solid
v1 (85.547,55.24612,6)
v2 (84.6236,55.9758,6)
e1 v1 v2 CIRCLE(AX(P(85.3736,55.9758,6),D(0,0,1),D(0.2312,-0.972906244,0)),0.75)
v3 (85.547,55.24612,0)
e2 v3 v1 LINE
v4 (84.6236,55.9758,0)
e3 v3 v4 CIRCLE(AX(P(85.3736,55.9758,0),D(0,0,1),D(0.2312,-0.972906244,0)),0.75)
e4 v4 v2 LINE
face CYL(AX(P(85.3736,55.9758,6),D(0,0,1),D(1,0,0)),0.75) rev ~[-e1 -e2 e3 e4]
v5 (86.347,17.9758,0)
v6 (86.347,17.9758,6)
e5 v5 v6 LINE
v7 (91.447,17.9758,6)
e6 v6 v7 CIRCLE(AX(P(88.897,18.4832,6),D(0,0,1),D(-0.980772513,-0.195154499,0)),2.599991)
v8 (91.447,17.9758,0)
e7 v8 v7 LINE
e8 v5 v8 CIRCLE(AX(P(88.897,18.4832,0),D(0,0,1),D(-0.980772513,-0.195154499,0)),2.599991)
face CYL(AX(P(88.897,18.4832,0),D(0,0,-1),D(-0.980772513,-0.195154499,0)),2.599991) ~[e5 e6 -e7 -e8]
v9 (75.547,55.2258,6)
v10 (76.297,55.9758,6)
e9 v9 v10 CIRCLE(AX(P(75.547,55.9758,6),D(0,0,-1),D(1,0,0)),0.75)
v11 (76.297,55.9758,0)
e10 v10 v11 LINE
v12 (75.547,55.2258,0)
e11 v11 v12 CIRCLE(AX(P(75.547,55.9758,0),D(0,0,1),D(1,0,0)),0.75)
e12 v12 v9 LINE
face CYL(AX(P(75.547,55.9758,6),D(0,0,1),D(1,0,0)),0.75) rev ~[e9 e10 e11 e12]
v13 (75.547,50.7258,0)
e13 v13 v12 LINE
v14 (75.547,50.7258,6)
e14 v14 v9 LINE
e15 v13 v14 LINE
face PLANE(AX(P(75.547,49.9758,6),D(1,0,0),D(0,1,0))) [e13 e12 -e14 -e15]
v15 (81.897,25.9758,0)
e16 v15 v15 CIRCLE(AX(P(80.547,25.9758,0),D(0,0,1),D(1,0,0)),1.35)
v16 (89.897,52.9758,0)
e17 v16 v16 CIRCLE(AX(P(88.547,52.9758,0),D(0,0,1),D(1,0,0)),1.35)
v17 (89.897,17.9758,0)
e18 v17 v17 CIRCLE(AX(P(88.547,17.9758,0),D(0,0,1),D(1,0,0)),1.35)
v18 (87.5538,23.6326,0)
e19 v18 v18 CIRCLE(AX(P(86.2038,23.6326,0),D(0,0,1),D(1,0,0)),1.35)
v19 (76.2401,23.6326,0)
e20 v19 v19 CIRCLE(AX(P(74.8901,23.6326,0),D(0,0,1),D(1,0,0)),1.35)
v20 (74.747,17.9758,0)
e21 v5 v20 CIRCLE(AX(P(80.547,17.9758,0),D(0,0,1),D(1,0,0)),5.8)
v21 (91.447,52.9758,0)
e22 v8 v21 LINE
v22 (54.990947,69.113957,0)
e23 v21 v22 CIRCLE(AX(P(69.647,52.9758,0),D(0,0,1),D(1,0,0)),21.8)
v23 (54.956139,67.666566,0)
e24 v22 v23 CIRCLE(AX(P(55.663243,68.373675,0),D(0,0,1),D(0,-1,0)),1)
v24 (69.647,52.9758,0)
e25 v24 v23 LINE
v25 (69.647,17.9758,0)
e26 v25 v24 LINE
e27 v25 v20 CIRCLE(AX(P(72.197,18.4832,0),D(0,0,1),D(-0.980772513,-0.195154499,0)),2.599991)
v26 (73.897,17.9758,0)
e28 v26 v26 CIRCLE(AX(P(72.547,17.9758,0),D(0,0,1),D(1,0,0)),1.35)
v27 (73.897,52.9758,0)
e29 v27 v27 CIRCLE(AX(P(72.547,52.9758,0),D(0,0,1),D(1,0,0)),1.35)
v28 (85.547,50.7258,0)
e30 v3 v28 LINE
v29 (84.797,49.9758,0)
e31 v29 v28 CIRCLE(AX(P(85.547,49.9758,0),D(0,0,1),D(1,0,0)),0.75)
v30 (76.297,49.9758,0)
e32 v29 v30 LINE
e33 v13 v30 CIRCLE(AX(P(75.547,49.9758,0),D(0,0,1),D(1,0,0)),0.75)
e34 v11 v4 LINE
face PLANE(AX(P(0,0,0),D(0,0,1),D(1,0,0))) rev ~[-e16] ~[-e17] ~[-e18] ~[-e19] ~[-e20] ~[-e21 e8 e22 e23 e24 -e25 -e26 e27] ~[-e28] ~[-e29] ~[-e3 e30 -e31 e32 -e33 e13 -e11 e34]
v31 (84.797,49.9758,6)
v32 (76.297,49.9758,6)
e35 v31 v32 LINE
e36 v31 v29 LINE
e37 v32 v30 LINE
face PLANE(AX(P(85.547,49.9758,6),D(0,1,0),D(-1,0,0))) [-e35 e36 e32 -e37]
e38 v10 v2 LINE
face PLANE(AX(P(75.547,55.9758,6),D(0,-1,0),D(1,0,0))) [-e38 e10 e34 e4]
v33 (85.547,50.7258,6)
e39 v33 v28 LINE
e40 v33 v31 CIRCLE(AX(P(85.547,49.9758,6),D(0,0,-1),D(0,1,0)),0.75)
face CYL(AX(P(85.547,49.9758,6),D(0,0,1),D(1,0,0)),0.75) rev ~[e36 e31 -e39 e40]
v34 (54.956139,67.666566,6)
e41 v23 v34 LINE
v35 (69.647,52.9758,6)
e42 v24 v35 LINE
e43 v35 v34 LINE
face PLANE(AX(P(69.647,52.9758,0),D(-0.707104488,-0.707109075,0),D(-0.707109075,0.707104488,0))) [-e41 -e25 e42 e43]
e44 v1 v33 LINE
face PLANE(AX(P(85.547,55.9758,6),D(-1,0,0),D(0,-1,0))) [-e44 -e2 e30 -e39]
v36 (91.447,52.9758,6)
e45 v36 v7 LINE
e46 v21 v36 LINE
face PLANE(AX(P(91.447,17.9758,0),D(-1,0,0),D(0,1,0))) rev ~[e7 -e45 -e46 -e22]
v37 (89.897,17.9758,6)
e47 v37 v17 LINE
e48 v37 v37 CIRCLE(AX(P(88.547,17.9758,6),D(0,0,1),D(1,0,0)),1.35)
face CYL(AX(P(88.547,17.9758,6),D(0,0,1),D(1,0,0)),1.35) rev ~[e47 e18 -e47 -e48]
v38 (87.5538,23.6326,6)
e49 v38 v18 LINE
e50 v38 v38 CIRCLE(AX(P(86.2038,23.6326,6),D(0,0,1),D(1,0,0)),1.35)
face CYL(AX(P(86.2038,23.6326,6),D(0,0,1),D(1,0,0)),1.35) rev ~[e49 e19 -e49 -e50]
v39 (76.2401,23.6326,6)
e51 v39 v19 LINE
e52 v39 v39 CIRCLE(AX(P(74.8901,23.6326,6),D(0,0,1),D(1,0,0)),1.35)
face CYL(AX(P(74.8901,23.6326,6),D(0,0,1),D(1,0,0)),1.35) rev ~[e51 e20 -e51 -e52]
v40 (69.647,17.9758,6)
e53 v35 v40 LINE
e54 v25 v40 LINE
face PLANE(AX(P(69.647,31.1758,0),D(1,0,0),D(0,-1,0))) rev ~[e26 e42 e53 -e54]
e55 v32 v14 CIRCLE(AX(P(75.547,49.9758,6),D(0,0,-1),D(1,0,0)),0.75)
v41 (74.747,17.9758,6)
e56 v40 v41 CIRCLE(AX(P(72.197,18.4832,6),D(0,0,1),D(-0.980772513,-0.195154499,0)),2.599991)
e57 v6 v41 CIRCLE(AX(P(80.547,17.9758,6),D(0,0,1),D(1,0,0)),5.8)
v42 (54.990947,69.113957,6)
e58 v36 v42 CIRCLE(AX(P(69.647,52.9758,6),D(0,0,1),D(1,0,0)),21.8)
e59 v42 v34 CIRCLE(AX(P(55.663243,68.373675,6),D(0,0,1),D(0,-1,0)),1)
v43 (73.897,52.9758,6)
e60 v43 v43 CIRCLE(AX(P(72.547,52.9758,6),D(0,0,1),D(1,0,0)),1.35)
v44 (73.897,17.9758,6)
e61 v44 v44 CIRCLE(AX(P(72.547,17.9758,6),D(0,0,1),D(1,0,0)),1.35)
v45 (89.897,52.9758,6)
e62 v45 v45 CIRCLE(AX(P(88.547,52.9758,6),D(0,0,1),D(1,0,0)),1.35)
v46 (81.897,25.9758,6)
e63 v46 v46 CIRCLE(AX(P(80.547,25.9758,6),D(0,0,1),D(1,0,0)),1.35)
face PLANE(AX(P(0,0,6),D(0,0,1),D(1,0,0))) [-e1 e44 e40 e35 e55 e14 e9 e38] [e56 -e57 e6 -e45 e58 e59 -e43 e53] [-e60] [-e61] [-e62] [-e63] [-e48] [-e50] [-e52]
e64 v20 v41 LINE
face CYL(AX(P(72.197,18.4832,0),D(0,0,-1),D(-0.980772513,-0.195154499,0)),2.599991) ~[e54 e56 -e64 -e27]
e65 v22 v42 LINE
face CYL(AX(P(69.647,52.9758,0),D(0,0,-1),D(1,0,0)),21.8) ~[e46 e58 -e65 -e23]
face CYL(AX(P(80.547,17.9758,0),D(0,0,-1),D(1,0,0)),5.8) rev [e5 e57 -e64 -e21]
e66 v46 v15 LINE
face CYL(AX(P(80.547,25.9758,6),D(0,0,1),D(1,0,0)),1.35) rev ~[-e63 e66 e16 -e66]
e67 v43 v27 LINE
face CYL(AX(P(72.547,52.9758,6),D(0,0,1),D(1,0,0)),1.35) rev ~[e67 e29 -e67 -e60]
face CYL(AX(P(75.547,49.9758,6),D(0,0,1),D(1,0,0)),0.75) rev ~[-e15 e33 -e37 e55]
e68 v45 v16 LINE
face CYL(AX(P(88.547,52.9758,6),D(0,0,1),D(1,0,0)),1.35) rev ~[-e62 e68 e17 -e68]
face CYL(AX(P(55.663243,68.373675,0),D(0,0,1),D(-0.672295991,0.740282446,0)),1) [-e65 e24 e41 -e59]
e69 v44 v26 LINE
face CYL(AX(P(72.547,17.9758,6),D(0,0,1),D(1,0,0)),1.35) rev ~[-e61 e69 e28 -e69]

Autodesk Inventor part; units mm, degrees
ref_plane "YZ Plane" through (0, 0, 0) normal (1, 0, 0) x (0, 1, 0)
ref_plane "XZ Plane" through (0, 0, 0) normal (0, 1, 0) x (-1, 0, 0)
ref_plane "XY Plane" through (0, 0, 0) normal (0, 0, 1) x (1, 0, 0)
sketch "스케치1" plane through (0, 0, 0) normal (0, 0, 1) x (1, 0, 0)
  circle A0 centre (88.547, 17.9758) radius 1.2
  circle A1 centre (86.2038, 23.6326) radius 1.2
  circle A2 centre (80.547, 25.9758) radius 1.2
  circle A3 centre (74.8901, 23.6326) radius 1.2
  circle A4 centre (72.547, 17.9758) radius 1.2
  circle A5 centre (80.547, 17.9758) radius 5.8
  arc A6 (69.647, 17.9758) -> (74.747, 17.9758) centre (72.197, 18.4832) ccw
  arc A7 (86.347, 17.9758) -> (91.447, 17.9758) centre (88.897, 18.4832) ccw
  line L0 (69.647, 17.9758) -> (91.447, 17.9758)
  line L1 (91.447, 17.9758) -> (91.447, 37.9758)
  line L2 (91.447, 37.9758) -> (69.647, 37.9758)
  line L3 (69.647, 37.9758) -> (69.647, 17.9758)
  line L4 (69.647, 37.9758) -> (99.4042, 37.9758) construction
  line L5 (69.647, 37.9758) -> (91.447, 37.9758)
  line L6 (91.447, 37.9758) -> (91.447, 52.9758)
  line L7 (91.447, 52.9758) -> (69.647, 52.9758)
  line L8 (69.647, 52.9758) -> (69.647, 37.9758)
  line L9 (69.647, 52.9758) -> (69.647, 52.9758)
  line L10 (91.447, 52.9758) -> (91.447, 52.9758)
  circle A8 centre (69.647, 52.9758) radius 21.8
  line L11 (69.647, 52.9758) -> (54.232, 68.3907)
  point P0 (0, 0)
  point P1 (80.547, 17.9758)
  point P2 (80.547, 17.9758)
  point P3 (69.647, 57.9758)
  point P4 (85.4659, 37.9758)
  point P5 (69.647, 31.1758)
  dimension "d4" = 2.6
  dimension "d5" = 2.6
  dimension "d6" = 20
  dimension "d9" = 15
  dimension "d19" = 0
  dimension "d20" = 0
  dimension "d30" = 135
extrude "돌출1" add sketch "스케치1" along normal blind 6 contours L0 A7 A0 | A0 L0 A5 A4 L3 A8 L2 L1 | L2 A8 L6 | A6 L0 A4 | A8 L3 L2 | L2 L8 L7 A8 | L7 L11 A8
sketch "스케치2" plane through (0, 0, 6) normal (0, 0, 1) x (1, 0, 0)
  arc A0 (69.647, 17.9758) -> (74.747, 17.9758) centre (72.197, 18.4832) ccw projected
  arc A1 (86.347, 17.9758) -> (74.747, 17.9758) centre (80.547, 17.9758) ccw projected
  arc A2 (86.347, 17.9758) -> (91.447, 17.9758) centre (88.897, 18.4832) ccw projected
  circle A3 centre (88.547, 17.9758) radius 1.2 projected
  circle A4 centre (72.547, 17.9758) radius 1.2 projected
  circle A5 centre (80.547, 25.9758) radius 1.2 projected
  circle A6 centre (86.2038, 23.6326) radius 1.2 projected
  circle A7 centre (74.8901, 23.6326) radius 1.2 projected
  circle A8 centre (72.547, 17.9758) radius 1.35
  circle A9 centre (74.8901, 23.6326) radius 1.35
  circle A10 centre (80.547, 25.9758) radius 1.35
  circle A11 centre (86.2038, 23.6326) radius 1.35
  circle A12 centre (88.547, 17.9758) radius 1.35
  arc A13 (91.447, 52.9758) -> (54.232, 68.3907) centre (69.647, 52.9758) ccw projected
  line L0 (69.647, 52.9758) -> (69.647, 17.9758) projected
  line L1 (91.447, 17.9758) -> (91.447, 52.9758) projected
  line L2 (54.232, 68.3907) -> (69.647, 52.9758) projected
  point P0 (0, 0)
  dimension "d12" = 2.7
  dimension "d13" = 2.7
  dimension "d14" = 2.7
  dimension "d15" = 2.7
  dimension "d16" = 2.7
extrude "돌출2" cut sketch "스케치2" against normal blind 6 contours A3 | A4 | A5 | A6 | A7 | A8 | A9 | A10 | A11 | A12
fillet "모깎기1" radius 1 1 edges at (54.232, 68.3907, 3)
sketch "스케치3" plane through (0, 0, 6) normal (0, 0, 1) x (1, 0, 0)
  arc A0 (54.991, 69.114) -> (54.9562, 67.6666) centre (55.6633, 68.3737) ccw projected
  line L0 (54.9562, 67.6666) -> (69.647, 52.9758) projected
  line L1 (69.647, 52.9758) -> (69.647, 17.9758) projected
  arc A1 (69.647, 17.9758) -> (74.747, 17.9758) centre (72.197, 18.4832) ccw projected
  arc A2 (86.347, 17.9758) -> (74.747, 17.9758) centre (80.547, 17.9758) ccw projected
  arc A3 (86.347, 17.9758) -> (91.447, 17.9758) centre (88.897, 18.4832) ccw projected
  line L2 (91.447, 17.9758) -> (91.447, 52.9758) projected
  arc A4 (91.447, 52.9758) -> (54.991, 69.114) centre (69.647, 52.9758) ccw projected
  circle A5 centre (86.2038, 23.6326) radius 1.35 projected
  circle A6 centre (88.547, 17.9758) radius 1.35 projected
  circle A7 centre (80.547, 25.9758) radius 1.35 projected
  circle A8 centre (72.547, 17.9758) radius 1.35 projected
  circle A9 centre (74.8901, 23.6326) radius 1.35 projected
  line L3 (85.547, 49.9758) -> (75.547, 49.9758)
  line L4 (75.547, 49.9758) -> (75.547, 55.9758)
  line L5 (75.547, 55.9758) -> (85.547, 55.9758)
  line L6 (85.547, 55.9758) -> (85.547, 49.9758)
  line L7 (85.547, 49.9758) -> (75.547, 55.9758) construction
  line L8 (75.547, 49.9758) -> (85.547, 55.9758) construction
  point P0 (0, 0)
  point P1 (80.547, 52.9758)
  dimension "d22" = 10
  dimension "d23" = 6
extrude "돌출3" cut sketch "스케치3" against normal blind 6 contours L3 L4 L5 L6
sketch "스케치4" plane through (0, 0, 6) normal (0, 0, 1) x (1, 0, 0)
  line L0 (75.547, 49.9758) -> (75.547, 55.9758) projected
  line L1 (75.547, 55.9758) -> (85.547, 55.9758) projected
  line L2 (85.547, 55.9758) -> (85.547, 49.9758) projected
  line L3 (85.547, 49.9758) -> (75.547, 49.9758) projected
  arc A0 (54.991, 69.114) -> (54.9562, 67.6666) centre (55.6633, 68.3737) ccw projected
  line L4 (54.9562, 67.6666) -> (69.647, 52.9758) projected
  line L5 (69.647, 52.9758) -> (69.647, 17.9758) projected
  arc A1 (69.647, 17.9758) -> (74.747, 17.9758) centre (72.197, 18.4832) ccw projected
  arc A2 (86.347, 17.9758) -> (74.747, 17.9758) centre (80.547, 17.9758) ccw projected
  arc A3 (86.347, 17.9758) -> (91.447, 17.9758) centre (88.897, 18.4832) ccw projected
  line L6 (91.447, 17.9758) -> (91.447, 52.9758) projected
  arc A4 (91.447, 52.9758) -> (54.991, 69.114) centre (69.647, 52.9758) ccw projected
  circle A5 centre (86.2038, 23.6326) radius 1.35 projected
  circle A6 centre (88.547, 17.9758) radius 1.35 projected
  circle A7 centre (80.547, 25.9758) radius 1.35 projected
  circle A8 centre (72.547, 17.9758) radius 1.35 projected
  circle A9 centre (74.8901, 23.6326) radius 1.35 projected
  circle A10 centre (72.547, 52.9758) radius 1.35
  circle A11 centre (88.547, 52.9758) radius 1.35
  point P0 (0, 0)
  point P1 (75.547, 52.9758)
  dimension "d26" = 2.7
  dimension "d27" = 2.7
  dimension "d31" = 3
extrude "돌출4" cut sketch "스케치4" against normal blind 6 contours A10 | A11
sketch "스케치5" plane through (0, 0, 6) normal (0, 0, 1) x (1, 0, 0)
  line L0 (75.547, 55.9758) -> (75.547, 49.9758) projected
  circle A0 centre (75.547, 55.9758) radius 0.75
  circle A1 centre (85.3736, 55.9758) radius 0.75
  line L1 (75.547, 49.9758) -> (85.547, 49.9758) projected
  circle A2 centre (75.547, 49.9758) radius 0.75
  line L2 (85.547, 49.9758) -> (85.547, 55.9758) projected
  circle A3 centre (85.547, 49.9758) radius 0.75
  point P0 (0, 0)
  point P1 (85.547, 50.7258)
  point P2 (84.797, 49.9758)
  dimension "d32" = 1.5
  dimension "d33" = 1.5
  dimension "d34" = 1.5
  dimension "d35" = 1.5
extrude "돌출5" cut sketch "스케치5" against normal blind 10 contours A1 | L1 L2 A3 | A2 L1 L0 | L0 L1 A2 | A0 picked at (85.0543, 49.916)
properties part number "frame_hand1" material "PMMA 플라스틱"
